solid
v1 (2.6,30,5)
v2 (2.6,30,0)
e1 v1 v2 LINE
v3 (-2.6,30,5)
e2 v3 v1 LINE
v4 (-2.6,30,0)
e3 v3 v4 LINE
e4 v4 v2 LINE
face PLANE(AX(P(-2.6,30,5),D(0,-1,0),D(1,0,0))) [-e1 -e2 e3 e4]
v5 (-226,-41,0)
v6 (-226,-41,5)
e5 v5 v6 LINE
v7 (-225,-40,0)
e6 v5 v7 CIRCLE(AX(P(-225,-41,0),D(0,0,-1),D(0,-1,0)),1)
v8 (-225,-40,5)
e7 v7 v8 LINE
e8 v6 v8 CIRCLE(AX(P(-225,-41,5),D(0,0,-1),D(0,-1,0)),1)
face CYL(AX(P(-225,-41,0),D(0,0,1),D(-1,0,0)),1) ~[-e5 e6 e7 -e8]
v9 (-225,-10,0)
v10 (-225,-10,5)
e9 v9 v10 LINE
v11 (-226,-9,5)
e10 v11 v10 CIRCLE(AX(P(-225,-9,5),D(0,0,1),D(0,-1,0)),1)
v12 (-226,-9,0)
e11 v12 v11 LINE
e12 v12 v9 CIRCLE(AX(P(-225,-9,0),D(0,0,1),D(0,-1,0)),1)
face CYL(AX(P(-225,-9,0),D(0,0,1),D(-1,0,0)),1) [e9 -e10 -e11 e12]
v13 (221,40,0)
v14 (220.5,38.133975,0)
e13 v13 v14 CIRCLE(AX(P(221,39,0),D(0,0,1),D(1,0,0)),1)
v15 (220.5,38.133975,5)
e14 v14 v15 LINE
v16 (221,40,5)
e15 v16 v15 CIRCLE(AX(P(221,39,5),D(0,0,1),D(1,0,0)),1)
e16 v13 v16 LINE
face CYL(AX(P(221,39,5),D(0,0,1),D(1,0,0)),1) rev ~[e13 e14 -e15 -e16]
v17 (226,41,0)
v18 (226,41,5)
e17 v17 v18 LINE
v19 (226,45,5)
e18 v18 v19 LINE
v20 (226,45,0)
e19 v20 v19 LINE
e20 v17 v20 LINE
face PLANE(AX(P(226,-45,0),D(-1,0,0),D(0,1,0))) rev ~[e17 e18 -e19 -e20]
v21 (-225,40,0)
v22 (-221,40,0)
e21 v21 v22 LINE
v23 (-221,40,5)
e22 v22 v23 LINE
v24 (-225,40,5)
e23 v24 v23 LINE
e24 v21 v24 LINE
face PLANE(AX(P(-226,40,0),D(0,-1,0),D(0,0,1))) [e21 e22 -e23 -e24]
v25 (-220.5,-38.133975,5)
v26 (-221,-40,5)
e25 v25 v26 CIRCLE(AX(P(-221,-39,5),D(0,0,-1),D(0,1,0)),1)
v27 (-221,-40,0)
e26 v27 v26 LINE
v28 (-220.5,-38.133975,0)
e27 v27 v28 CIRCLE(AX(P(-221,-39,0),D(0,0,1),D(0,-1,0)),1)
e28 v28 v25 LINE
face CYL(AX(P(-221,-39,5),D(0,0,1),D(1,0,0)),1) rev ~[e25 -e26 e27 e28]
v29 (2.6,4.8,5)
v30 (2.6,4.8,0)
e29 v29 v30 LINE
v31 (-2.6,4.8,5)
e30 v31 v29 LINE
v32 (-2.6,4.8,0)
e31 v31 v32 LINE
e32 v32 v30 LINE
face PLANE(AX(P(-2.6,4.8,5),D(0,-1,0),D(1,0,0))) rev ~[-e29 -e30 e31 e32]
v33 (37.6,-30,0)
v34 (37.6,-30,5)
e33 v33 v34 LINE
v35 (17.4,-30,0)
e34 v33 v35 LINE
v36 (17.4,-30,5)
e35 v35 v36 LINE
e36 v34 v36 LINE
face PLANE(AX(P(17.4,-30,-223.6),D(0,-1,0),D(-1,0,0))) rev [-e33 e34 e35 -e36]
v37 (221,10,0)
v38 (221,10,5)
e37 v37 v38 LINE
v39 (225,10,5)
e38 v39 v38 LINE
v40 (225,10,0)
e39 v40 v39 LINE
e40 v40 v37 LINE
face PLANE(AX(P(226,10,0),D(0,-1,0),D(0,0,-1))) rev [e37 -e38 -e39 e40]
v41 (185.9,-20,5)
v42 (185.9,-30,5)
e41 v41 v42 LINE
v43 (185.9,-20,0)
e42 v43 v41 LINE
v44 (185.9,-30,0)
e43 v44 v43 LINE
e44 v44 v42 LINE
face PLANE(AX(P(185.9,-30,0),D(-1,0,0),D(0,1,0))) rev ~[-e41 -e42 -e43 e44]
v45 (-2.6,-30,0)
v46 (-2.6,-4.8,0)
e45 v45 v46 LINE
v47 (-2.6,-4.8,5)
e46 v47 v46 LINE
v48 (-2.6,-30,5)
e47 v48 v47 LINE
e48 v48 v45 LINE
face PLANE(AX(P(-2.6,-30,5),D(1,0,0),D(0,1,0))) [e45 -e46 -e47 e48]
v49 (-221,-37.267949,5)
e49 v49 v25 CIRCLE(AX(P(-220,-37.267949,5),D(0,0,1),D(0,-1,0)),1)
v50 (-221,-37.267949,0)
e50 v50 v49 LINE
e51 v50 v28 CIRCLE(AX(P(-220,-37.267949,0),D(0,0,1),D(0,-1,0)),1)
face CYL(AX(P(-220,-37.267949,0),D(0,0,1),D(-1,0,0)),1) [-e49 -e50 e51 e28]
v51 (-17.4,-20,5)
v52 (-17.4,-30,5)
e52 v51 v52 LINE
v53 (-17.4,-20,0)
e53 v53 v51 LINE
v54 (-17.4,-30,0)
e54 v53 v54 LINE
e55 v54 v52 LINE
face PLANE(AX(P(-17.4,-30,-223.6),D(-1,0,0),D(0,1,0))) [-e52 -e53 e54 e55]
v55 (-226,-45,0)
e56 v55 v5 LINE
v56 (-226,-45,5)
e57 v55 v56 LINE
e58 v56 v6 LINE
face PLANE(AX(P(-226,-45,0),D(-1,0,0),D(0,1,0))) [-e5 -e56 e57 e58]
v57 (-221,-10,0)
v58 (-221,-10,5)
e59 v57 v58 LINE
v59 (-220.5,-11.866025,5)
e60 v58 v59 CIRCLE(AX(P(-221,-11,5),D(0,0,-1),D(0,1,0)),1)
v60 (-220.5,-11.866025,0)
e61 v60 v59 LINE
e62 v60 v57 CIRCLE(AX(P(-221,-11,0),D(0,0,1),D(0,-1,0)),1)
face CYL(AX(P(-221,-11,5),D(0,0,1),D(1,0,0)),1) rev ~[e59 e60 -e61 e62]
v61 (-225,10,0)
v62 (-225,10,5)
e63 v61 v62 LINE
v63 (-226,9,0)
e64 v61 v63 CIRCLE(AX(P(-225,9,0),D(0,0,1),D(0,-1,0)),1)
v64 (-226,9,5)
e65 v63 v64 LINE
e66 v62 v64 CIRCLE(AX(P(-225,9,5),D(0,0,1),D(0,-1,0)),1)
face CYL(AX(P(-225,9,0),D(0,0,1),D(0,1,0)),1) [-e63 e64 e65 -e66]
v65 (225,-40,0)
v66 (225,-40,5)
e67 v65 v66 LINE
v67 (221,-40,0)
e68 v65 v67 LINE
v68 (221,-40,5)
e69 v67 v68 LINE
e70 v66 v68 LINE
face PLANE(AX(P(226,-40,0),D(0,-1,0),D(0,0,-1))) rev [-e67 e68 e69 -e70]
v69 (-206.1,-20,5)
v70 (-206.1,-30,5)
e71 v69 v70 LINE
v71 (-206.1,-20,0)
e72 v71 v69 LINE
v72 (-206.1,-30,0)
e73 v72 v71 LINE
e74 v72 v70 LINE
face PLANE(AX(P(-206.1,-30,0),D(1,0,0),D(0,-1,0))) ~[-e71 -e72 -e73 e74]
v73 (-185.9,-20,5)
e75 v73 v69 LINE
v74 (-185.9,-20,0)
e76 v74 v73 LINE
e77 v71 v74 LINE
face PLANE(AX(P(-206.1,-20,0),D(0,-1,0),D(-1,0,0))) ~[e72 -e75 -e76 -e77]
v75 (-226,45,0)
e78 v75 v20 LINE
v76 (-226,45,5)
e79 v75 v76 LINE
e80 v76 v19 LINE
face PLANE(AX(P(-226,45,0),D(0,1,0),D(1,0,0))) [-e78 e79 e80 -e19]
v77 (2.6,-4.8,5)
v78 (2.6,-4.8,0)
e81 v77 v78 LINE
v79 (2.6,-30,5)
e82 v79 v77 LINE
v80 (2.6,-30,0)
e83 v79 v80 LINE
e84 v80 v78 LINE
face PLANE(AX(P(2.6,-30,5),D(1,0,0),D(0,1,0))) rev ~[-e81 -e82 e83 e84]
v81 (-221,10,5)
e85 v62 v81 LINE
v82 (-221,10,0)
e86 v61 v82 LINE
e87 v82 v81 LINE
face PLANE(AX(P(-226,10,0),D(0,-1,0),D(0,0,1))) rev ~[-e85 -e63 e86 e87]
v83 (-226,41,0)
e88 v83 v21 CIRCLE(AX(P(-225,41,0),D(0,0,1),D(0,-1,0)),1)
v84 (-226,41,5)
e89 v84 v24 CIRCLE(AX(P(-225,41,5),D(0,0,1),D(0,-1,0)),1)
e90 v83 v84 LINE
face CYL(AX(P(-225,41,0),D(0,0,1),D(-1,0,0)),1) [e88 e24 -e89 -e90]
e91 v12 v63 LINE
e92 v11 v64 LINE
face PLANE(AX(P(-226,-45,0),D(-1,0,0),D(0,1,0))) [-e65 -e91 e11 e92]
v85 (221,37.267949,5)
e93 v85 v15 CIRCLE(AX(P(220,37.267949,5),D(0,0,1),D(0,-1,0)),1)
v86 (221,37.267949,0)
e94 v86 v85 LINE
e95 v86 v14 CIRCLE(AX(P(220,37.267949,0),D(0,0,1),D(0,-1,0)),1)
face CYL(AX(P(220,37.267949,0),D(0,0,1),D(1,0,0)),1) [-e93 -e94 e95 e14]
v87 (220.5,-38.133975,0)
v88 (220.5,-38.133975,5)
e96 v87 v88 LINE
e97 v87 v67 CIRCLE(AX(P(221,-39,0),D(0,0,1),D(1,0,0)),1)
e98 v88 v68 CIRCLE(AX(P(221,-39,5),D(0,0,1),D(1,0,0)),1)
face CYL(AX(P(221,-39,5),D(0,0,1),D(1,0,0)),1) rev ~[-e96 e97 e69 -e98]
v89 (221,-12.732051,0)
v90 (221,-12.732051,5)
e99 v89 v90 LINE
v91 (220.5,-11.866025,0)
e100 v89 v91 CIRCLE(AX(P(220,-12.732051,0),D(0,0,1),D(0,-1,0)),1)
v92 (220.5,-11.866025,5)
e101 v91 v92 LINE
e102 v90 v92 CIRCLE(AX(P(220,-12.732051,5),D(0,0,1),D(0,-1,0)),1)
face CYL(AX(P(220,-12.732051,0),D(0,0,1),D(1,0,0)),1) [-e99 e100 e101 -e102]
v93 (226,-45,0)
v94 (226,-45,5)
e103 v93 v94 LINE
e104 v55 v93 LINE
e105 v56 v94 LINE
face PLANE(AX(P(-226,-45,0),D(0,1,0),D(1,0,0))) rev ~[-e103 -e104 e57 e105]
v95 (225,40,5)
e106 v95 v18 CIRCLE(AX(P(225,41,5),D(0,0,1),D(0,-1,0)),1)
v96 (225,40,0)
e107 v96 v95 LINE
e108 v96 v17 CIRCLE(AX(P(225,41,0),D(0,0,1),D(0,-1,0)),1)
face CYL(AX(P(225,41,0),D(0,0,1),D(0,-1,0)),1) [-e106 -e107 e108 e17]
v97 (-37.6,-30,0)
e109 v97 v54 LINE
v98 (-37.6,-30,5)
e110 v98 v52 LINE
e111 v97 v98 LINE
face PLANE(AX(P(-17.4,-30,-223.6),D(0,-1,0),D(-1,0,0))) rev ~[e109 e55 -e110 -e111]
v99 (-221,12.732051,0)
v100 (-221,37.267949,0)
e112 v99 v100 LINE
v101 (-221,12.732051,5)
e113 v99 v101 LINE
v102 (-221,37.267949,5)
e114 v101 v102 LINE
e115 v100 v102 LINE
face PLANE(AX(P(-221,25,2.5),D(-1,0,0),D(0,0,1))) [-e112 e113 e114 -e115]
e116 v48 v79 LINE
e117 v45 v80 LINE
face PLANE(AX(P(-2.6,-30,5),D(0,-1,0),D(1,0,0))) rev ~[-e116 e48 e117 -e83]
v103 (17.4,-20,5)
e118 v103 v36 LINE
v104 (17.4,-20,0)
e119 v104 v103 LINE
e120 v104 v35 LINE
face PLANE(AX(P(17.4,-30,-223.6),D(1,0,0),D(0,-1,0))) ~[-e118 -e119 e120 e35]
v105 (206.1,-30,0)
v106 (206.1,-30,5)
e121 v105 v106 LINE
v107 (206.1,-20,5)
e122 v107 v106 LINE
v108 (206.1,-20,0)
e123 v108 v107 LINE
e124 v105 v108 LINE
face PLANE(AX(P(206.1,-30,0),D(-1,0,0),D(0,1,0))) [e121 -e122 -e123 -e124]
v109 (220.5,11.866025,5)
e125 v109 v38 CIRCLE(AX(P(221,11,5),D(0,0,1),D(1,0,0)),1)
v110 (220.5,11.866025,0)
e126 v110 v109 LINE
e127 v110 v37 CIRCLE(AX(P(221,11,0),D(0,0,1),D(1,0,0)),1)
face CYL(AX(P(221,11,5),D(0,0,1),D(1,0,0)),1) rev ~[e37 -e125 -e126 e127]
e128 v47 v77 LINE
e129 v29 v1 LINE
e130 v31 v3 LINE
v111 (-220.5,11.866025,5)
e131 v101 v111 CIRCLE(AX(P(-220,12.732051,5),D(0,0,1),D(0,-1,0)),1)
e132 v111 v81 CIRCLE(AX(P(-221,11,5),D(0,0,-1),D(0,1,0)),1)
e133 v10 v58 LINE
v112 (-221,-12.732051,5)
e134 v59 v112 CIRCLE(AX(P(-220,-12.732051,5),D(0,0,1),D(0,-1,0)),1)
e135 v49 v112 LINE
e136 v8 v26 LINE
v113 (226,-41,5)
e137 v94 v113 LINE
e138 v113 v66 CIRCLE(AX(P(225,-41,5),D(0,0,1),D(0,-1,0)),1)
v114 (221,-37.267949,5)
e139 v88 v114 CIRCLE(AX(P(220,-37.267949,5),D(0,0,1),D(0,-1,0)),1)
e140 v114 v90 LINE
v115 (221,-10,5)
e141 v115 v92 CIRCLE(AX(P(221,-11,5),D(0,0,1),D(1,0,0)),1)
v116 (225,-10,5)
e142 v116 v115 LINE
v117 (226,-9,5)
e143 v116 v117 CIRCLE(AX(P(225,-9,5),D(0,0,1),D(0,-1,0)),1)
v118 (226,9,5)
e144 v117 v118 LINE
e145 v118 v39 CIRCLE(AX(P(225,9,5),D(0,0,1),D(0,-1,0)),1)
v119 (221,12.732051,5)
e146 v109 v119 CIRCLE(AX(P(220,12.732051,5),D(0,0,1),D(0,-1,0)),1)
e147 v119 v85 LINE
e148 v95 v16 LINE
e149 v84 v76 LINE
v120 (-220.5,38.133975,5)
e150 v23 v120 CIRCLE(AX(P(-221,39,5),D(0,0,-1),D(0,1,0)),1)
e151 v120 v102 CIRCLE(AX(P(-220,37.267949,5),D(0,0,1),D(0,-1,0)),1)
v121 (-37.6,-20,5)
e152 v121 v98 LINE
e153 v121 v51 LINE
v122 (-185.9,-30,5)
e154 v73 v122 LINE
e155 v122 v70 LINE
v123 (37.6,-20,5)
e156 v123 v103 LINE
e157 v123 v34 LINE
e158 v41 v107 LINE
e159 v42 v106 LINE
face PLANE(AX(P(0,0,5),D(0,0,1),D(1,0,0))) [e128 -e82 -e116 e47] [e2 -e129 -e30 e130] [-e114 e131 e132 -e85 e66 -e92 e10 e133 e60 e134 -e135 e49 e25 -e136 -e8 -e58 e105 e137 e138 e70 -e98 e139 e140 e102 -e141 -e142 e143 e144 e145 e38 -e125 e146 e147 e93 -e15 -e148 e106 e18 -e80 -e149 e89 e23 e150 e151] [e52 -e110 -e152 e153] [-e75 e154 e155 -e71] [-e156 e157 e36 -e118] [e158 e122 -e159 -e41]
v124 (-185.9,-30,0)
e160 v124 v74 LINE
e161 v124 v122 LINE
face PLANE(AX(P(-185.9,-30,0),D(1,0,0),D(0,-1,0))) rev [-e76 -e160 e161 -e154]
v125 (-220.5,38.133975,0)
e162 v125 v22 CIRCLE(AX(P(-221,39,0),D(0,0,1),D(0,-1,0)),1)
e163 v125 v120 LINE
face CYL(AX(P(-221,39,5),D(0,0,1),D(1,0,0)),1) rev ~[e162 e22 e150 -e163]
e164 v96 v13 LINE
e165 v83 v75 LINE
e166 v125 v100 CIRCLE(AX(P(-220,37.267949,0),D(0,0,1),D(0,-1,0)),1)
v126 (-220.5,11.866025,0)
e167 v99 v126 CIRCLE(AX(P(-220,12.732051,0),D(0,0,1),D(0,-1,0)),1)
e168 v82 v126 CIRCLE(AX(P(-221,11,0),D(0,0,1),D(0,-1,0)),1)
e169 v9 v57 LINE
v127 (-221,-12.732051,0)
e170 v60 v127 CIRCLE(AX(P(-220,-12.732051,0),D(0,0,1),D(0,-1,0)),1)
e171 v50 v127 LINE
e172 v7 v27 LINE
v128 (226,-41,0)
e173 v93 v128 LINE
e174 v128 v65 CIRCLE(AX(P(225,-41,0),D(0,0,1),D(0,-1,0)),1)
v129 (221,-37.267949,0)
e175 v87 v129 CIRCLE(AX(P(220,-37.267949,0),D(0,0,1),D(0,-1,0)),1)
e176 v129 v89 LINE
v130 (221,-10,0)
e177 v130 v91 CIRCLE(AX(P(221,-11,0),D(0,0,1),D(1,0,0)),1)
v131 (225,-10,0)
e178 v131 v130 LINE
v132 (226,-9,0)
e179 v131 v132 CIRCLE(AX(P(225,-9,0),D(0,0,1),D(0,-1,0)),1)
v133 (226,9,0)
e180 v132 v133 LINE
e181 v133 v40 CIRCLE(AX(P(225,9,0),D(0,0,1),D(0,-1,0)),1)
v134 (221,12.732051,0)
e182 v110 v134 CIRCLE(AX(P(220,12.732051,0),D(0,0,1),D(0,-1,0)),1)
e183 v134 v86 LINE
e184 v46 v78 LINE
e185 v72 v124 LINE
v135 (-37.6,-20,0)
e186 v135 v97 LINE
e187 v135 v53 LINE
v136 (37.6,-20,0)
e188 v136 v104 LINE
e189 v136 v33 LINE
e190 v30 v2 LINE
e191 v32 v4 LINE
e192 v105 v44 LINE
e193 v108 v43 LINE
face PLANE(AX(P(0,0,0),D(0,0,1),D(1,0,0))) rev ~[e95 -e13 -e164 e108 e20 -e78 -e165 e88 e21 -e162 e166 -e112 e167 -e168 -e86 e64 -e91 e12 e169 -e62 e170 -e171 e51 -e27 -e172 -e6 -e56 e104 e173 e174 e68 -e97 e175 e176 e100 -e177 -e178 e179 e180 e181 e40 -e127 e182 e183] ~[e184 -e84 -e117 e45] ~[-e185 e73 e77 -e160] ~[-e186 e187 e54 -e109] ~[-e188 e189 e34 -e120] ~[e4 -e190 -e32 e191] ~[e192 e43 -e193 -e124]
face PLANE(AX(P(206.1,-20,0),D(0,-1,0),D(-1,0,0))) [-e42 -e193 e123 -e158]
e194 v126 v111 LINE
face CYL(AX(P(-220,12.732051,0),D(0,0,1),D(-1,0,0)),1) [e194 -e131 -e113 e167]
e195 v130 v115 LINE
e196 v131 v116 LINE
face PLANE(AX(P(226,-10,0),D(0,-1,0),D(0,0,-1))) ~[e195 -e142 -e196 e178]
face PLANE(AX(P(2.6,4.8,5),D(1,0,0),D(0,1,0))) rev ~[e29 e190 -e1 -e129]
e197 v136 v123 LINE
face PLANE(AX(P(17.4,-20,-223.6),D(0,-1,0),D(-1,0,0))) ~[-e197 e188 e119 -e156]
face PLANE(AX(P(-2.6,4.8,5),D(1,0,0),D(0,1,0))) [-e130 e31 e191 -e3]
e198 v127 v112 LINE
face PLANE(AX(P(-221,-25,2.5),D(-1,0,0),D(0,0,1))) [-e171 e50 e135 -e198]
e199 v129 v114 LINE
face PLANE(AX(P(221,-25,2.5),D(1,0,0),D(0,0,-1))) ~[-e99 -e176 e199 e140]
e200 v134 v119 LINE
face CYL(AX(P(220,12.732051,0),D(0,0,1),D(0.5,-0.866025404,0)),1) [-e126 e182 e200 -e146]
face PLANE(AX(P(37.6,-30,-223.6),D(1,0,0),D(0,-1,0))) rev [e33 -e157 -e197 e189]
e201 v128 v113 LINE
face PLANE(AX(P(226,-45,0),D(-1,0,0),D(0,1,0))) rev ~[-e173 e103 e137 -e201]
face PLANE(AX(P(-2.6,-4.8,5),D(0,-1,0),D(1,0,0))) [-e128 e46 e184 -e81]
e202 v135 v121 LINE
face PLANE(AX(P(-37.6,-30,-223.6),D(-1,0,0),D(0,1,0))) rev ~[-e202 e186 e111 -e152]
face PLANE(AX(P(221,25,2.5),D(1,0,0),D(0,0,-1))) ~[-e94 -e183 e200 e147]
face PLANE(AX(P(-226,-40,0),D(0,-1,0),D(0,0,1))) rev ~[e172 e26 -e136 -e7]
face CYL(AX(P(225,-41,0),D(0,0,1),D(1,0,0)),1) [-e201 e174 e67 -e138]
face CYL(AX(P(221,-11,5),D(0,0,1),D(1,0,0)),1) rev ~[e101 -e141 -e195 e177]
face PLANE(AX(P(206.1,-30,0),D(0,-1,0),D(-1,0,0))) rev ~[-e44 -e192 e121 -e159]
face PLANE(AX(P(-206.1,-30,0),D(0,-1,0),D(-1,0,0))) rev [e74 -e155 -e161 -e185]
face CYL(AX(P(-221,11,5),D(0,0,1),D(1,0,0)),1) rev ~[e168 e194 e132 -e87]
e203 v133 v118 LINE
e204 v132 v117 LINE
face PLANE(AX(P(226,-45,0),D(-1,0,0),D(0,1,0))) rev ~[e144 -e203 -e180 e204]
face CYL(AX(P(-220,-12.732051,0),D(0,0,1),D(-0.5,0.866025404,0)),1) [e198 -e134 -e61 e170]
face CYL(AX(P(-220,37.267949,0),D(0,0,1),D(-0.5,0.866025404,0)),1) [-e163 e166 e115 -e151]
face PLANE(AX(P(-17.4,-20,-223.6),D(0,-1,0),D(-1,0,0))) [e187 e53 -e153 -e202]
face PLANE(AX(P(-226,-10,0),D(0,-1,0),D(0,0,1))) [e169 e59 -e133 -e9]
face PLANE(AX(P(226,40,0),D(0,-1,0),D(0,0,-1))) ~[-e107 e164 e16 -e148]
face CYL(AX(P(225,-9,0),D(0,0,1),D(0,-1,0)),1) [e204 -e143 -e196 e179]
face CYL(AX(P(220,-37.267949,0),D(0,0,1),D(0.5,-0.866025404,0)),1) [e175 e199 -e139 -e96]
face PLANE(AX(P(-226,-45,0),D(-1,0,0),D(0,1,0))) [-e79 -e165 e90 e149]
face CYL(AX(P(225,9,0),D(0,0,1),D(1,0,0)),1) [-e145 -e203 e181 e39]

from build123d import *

# Parameters (mm, degrees)
SKETCH1_W           = 452
SKETCH1_H           = 90
BOSS_EXTRUDE1_DEPTH = 5
SKETCH2_W           = 5.2
SKETCH2_H           = 25.2
CUT_EXTRUDE1_DEPTH  = 231.490780727
SKETCH4_W           = 5
SKETCH4_H           = 30
CUT_EXTRUDE5_DEPTH  = 5
SKETCH7_R           = 1
CUT_EXTRUDE6_DEPTH  = 231.490780727
FILLET4_R           = 1
SKETCH8_W           = 20.2
SKETCH8_H           = 10
CUT_EXTRUDE7_DEPTH  = 10
SKETCH9_W           = 20.2
SKETCH9_H           = 10
CUT_EXTRUDE8_DEPTH  = 300


with BuildPart() as part:
    # Sketch1 → Boss-Extrude1 (new body)
    with BuildSketch(Plane.XY):
        Rectangle(SKETCH1_W, SKETCH1_H)
    extrude(amount=BOSS_EXTRUDE1_DEPTH)

    # Sketch2 → Cut-Extrude1 (cut, through all)
    with BuildSketch(Plane.XY.offset(5)):
        with Locations((0, 17.4)):
            Rectangle(SKETCH2_W, SKETCH2_H)
        with Locations((0, -17.4)):
            Rectangle(SKETCH2_W, SKETCH2_H)
    extrude(amount=-CUT_EXTRUDE1_DEPTH, mode=Mode.SUBTRACT)

    # Sketch4 → Cut-Extrude5 (cut)
    with BuildSketch(Plane.ZY.offset(226)):
        with Locations((2.5, 25)):
            Rectangle(SKETCH4_W, SKETCH4_H)
        with Locations((2.5, -25)):
            Rectangle(SKETCH4_W, SKETCH4_H)
    cut_extrude5 = extrude(amount=-CUT_EXTRUDE5_DEPTH, mode=Mode.SUBTRACT)

    # Mirror2: Cut-Extrude5 across plane
    add(cut_extrude5.mirror(Plane(origin=(0, 0, 0), x_dir=(0, 0, 1), z_dir=(1, 0, 0))), mode=Mode.SUBTRACT)

    # Sketch7 → Cut-Extrude6 (cut, through all)
    with BuildSketch(Plane.XY.offset(5)):
        with Locations((-221, 39)):
            Circle(SKETCH7_R)
        with Locations((-221, 11)):
            Circle(SKETCH7_R)
        with Locations((-221, -11)):
            Circle(SKETCH7_R)
        with Locations((-221, -39)):
            Circle(SKETCH7_R)
        with Locations((221, -39)):
            Circle(SKETCH7_R)
        with Locations((221, -11)):
            Circle(SKETCH7_R)
        with Locations((221, 11)):
            Circle(SKETCH7_R)
        with Locations((221, 39)):
            Circle(SKETCH7_R)
    extrude(amount=-CUT_EXTRUDE6_DEPTH, mode=Mode.SUBTRACT)

    # Fillet4
    fillet4_edges = [part.edges().sort_by_distance(p)[0] for p in [
        (221, 38, 2.5),
        (221, 12, 2.5),
        (221, -12, 2.5),
        (221, -38, 2.5),
        (-221, 38, 2.5),
        (-221, 12, 2.5),
        (-221, -38, 2.5),
        (-221, -12, 2.5),
        (-226, 10, 2.5),
        (-226, 40, 2.5),
        (-226, -40, 2.5),
        (-226, -10, 2.5),
        (226, 10, 2.5),
        (226, 40, 2.5),
        (226, -40, 2.5),
        (226, -10, 2.5),
    ]]
    fillet(fillet4_edges, radius=FILLET4_R)

    # Sketch8 → Cut-Extrude7 (cut)
    with BuildSketch(Plane(origin=(0, -610.456150304, 0), x_dir=(-1, 0, 0), z_dir=(0, 0, -1))):
        with Locations((-196, 585.456150304)):
            Rectangle(SKETCH8_W, SKETCH8_H)
    cut_extrude7 = extrude(amount=-CUT_EXTRUDE7_DEPTH, mode=Mode.SUBTRACT)

    # Mirror3: Cut-Extrude7 across plane
    add(cut_extrude7.mirror(Plane(origin=(0, 0, 0), x_dir=(0, 0, 1), z_dir=(1, 0, 0))), mode=Mode.SUBTRACT)

    # Sketch9 → Cut-Extrude8 (cut)
    with BuildSketch(Plane(origin=(0, -610.456150304, -223.6), x_dir=(-1, 0, 0), z_dir=(0, 0, -1))):
        with Locations((27.5, 585.456150304)):
            Rectangle(SKETCH9_W, SKETCH9_H)
    cut_extrude8 = extrude(amount=-CUT_EXTRUDE8_DEPTH, mode=Mode.SUBTRACT)

    # Mirror4: Cut-Extrude8 across plane
    add(cut_extrude8.mirror(Plane(origin=(0, 0, 0), x_dir=(0, 0, 1), z_dir=(1, 0, 0))), mode=Mode.SUBTRACT)


solid = part.part
